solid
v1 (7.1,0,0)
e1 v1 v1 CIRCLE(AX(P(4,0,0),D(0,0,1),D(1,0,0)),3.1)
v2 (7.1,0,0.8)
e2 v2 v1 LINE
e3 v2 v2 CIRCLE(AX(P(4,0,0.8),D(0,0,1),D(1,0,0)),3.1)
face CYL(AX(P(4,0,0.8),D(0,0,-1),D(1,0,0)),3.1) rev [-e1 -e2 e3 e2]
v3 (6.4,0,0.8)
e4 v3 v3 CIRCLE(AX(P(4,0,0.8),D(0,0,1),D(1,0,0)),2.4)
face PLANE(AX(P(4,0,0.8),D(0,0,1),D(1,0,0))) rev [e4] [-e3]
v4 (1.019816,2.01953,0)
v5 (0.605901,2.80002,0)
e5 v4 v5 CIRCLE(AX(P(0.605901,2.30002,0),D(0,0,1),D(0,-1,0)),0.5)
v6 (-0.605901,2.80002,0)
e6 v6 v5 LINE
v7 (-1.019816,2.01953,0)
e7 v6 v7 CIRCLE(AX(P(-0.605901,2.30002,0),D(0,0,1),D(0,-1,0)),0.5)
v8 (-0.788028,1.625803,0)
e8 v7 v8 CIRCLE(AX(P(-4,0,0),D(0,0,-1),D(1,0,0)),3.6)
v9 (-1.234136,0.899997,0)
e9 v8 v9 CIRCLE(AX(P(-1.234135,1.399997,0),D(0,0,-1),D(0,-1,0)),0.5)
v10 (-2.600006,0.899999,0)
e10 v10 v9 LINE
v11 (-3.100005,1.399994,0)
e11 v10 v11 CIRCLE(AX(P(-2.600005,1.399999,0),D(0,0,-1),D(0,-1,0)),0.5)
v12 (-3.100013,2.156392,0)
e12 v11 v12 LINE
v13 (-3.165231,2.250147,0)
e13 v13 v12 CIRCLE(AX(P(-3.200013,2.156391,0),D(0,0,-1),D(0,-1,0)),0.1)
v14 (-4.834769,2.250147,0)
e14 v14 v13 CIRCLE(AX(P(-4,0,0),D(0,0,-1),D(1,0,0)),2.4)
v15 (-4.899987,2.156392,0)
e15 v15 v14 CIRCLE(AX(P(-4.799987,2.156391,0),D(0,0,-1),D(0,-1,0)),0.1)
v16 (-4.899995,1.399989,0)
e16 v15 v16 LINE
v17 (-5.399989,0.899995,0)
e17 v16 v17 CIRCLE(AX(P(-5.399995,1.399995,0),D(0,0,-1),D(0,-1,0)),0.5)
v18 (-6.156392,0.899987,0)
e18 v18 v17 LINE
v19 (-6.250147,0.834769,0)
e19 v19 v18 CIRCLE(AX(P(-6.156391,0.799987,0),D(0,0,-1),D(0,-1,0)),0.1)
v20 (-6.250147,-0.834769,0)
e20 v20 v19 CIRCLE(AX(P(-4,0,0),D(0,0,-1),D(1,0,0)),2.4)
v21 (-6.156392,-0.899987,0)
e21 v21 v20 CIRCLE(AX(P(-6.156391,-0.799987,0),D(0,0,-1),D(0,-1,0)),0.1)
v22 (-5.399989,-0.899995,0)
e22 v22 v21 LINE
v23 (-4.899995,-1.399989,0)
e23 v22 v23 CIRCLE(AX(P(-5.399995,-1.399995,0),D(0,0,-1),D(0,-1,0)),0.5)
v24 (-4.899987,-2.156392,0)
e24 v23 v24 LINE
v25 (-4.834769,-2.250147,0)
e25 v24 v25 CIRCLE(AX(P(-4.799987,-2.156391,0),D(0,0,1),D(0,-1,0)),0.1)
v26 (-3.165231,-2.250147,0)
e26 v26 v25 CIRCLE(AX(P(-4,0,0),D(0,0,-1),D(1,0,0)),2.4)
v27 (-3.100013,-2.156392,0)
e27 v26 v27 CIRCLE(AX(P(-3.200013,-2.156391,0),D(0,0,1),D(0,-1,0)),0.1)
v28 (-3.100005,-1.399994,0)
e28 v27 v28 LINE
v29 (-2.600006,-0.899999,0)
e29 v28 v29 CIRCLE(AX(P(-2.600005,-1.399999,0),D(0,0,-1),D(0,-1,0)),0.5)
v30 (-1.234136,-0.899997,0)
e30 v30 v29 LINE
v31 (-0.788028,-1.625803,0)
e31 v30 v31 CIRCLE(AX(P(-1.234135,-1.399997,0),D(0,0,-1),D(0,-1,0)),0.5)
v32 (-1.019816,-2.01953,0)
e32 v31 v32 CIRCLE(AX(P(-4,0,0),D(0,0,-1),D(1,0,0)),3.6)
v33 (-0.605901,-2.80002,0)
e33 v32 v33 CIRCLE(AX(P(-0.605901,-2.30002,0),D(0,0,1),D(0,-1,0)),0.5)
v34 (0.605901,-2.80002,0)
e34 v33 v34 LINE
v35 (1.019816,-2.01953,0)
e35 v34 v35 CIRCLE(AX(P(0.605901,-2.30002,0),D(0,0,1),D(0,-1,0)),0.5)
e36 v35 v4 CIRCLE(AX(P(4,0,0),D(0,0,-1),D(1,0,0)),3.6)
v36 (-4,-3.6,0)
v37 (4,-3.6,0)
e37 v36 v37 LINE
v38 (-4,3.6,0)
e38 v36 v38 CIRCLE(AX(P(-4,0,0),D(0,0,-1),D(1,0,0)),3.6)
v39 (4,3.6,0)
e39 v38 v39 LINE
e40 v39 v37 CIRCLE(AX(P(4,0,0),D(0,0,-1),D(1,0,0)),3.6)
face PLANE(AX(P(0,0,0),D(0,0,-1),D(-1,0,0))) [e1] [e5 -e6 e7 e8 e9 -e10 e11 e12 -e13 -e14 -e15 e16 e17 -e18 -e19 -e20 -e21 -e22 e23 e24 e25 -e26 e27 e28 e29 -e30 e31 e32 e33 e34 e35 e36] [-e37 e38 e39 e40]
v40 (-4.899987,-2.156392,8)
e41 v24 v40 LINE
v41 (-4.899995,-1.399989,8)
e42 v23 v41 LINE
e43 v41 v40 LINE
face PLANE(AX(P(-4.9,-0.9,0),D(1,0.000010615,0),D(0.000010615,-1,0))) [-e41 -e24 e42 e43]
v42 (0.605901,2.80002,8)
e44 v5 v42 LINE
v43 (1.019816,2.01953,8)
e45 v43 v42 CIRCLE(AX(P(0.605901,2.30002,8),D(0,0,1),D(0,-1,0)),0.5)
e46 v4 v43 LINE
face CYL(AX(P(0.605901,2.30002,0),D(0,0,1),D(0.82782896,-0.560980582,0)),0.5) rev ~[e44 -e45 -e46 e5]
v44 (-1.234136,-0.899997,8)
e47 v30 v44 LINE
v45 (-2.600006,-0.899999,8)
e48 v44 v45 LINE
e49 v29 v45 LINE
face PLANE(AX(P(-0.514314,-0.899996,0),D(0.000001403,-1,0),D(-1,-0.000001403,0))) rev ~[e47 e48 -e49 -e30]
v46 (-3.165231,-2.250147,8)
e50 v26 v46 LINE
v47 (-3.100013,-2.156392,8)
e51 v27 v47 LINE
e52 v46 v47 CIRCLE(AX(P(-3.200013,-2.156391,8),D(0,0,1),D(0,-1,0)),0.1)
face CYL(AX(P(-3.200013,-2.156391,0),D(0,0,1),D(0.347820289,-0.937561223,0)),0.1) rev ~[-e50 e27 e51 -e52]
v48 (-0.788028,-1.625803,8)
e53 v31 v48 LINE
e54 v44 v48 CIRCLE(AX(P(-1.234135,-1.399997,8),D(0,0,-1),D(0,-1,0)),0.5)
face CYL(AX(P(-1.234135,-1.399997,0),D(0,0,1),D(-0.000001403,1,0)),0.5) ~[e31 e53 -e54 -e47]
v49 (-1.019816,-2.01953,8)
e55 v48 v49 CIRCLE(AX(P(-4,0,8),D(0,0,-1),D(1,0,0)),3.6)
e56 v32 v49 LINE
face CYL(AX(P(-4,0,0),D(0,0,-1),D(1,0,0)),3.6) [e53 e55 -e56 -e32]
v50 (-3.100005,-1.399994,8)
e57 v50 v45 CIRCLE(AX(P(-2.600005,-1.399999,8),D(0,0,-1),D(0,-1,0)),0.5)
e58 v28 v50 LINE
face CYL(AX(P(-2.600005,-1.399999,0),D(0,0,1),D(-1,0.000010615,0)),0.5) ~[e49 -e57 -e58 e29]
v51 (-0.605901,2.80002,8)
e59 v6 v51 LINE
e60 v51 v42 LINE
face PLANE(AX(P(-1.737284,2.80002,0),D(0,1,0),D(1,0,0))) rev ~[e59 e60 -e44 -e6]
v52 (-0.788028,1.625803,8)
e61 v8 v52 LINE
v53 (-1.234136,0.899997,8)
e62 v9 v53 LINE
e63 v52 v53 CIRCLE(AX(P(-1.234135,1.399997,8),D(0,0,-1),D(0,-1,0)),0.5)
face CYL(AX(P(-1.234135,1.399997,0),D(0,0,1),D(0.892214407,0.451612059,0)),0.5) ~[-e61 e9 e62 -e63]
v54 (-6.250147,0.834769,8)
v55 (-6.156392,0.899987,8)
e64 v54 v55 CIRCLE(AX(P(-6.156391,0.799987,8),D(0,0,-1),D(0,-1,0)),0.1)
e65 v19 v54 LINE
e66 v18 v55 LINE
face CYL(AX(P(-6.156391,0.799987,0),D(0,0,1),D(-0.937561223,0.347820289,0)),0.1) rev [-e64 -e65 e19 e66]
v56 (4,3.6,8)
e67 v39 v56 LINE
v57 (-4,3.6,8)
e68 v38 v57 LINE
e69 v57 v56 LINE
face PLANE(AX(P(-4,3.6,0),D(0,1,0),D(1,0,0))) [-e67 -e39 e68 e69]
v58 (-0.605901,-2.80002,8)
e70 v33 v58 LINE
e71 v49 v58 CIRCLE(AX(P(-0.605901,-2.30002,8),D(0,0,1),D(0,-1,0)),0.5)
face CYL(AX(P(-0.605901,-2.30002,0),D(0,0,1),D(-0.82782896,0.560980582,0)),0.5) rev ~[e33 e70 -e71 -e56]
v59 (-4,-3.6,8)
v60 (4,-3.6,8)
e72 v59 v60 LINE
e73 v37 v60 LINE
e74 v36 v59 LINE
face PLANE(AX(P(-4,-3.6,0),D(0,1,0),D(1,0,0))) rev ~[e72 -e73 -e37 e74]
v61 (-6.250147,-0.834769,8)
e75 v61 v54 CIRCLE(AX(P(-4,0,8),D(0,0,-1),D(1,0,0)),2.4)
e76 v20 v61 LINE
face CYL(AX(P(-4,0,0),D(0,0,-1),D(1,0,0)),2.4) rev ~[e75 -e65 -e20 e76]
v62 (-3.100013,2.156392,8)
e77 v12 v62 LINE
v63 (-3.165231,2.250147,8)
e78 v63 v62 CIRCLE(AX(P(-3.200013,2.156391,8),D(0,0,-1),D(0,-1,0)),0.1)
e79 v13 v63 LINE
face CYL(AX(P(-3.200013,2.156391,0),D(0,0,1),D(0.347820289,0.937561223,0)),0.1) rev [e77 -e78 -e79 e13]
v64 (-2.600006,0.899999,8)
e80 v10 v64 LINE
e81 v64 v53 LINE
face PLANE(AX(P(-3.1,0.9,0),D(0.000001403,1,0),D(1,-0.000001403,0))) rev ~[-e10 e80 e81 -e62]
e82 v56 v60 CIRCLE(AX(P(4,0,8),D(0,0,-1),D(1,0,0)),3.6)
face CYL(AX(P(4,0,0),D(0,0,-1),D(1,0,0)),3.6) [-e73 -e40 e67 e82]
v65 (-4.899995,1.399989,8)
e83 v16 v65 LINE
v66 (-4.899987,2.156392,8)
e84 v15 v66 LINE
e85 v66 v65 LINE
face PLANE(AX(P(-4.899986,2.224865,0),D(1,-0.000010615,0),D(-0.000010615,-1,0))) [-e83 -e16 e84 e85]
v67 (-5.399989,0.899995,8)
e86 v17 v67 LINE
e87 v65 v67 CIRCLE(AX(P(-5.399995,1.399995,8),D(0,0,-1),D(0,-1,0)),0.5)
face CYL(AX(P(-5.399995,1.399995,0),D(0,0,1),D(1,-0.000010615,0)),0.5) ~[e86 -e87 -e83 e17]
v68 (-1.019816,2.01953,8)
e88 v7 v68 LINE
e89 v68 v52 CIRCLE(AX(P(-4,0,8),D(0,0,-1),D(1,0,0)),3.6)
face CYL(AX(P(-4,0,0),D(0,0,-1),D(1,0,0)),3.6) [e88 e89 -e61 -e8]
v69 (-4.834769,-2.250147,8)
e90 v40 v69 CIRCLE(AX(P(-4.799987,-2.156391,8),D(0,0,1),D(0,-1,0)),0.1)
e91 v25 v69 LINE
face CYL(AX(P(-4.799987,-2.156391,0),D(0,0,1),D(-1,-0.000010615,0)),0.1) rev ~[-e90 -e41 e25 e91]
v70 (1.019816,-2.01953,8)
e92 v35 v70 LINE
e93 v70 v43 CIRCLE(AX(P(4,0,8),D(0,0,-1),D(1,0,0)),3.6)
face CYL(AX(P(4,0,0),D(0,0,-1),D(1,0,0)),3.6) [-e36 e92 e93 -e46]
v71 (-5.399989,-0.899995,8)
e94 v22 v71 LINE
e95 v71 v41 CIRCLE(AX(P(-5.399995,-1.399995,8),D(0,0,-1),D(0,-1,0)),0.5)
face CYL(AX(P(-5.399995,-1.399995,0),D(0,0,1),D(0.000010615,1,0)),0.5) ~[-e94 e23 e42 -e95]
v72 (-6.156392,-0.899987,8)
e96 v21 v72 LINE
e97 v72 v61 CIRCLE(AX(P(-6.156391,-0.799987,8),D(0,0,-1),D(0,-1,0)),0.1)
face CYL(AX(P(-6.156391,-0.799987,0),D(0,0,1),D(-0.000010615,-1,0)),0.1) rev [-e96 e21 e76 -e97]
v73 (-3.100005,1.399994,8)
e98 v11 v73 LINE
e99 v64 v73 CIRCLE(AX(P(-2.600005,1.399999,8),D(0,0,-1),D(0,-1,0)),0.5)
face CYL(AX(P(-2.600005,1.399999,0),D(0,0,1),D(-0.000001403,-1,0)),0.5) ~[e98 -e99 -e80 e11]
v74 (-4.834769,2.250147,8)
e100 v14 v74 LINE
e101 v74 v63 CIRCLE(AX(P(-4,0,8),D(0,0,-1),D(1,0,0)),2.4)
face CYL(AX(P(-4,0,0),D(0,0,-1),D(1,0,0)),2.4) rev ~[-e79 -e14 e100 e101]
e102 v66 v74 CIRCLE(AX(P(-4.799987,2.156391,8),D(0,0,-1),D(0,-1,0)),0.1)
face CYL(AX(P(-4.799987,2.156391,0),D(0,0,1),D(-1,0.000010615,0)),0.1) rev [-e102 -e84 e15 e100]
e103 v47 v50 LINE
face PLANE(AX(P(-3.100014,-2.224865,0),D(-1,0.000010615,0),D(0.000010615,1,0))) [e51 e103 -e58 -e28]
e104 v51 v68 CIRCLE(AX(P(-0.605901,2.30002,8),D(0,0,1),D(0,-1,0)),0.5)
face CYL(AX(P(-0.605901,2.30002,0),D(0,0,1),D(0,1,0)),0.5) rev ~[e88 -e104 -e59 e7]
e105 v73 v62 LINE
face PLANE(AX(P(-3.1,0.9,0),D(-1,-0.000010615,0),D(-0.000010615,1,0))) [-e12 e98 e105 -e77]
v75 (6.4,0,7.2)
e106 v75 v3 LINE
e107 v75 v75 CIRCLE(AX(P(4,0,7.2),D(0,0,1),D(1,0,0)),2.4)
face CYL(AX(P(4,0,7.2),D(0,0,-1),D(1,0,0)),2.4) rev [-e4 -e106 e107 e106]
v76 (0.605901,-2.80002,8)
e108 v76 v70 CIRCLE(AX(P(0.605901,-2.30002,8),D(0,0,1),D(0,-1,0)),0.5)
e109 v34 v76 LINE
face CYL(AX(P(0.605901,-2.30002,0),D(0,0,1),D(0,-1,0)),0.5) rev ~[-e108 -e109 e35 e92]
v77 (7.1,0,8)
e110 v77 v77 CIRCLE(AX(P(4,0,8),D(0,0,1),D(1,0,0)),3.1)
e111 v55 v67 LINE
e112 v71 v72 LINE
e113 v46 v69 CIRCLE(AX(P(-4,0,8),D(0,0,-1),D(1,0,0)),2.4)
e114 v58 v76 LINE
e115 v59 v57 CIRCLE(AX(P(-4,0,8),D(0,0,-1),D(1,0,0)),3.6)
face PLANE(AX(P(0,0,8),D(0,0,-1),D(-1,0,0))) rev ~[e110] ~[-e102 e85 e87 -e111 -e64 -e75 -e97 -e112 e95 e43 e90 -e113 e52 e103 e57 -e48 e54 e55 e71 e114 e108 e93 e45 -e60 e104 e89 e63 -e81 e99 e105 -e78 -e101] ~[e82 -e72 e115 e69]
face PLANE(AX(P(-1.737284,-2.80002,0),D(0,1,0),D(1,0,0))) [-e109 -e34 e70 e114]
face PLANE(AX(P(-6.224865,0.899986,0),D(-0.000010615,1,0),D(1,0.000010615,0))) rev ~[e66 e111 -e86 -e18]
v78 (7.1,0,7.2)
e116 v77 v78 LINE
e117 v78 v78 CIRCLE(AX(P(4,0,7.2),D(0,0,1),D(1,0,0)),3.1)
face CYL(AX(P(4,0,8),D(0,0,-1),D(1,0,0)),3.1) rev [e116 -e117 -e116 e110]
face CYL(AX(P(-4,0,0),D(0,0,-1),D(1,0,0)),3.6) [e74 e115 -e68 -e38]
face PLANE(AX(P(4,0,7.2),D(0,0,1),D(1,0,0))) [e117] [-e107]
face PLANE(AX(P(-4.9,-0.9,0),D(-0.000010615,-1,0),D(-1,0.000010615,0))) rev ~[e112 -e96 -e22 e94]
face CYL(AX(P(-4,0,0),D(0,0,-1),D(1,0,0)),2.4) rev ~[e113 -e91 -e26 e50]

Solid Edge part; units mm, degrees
sketch "Sketch1" plane through (0, 0, 0) normal (0, 0, 1) x (1, 0, 0)
  line L0 (-4, 3.6) -> (4, 3.6)
  line L1 (-4, -3.6) -> (4, -3.6)
  arc A0 (-4, -3.6) -> (-4, 3.6) centre (-4, 0) cw
  arc A1 (4, 3.6) -> (4, -3.6) centre (4, 0) cw
  line L2 (-1.7373, 2.8) -> (1.7373, 2.8)
  arc A2 (1.7373, -2.8) -> (1.7373, 2.8) centre (4, 0) cw
  line L3 (-1.7373, -2.8) -> (1.7373, -2.8)
  arc A3 (-0.5143, -0.9) -> (-1.7373, -2.8) centre (-4, 0) cw
  line L4 (-0.5143, -0.9) -> (-3.1, -0.9)
  line L5 (-3.1, -2.2249) -> (-3.1, -0.9)
  line L6 (-4.9, -0.9) -> (-4.9, -2.2249)
  line L7 (-4.9, -0.9) -> (-6.2249, -0.9)
  arc A4 (-6.2249, -0.9) -> (-6.2249, 0.9) centre (-4, 0) cw
  line L8 (-6.2249, 0.9) -> (-4.9, 0.9)
  line L9 (-4.9, 2.2249) -> (-4.9, 0.9)
  arc A5 (-4.9, 2.2249) -> (-3.1, 2.2249) centre (-4, 0) cw
  line L10 (-3.1, 0.9) -> (-3.1, 2.2249)
  line L11 (-3.1, 0.9) -> (-0.5143, 0.9)
  arc A6 (-1.7373, 2.8) -> (-0.5143, 0.9) centre (-4, 0) cw
  arc A7 (-3.1, -2.2249) -> (-4.9, -2.2249) centre (-4, 0) cw
extrude "Protrusion1" add sketch "Sketch1" along normal blind 8
fillet "Round_1" radius 0.5 10 edges at (-1.7373, 2.8, 4) (-0.5143, 0.9, 4) (1.7373, 2.8, 4) (-0.5143, -0.9, 4) (-1.7373, -2.8, 4) (-4.9, -0.9, 4) (-4.9, 0.9, 4) (-3.1, 0.9, 4) (-3.1, -0.9, 4) (1.7373, -2.8, 4)
fillet "Round_2" radius 0.1 6 edges at (-4.9, 2.2249, 4) (-3.1, 2.2249, 4) (-6.2249, -0.9, 4) (-6.2249, 0.9, 4) (-4.9, -2.2249, 4) (-3.1, -2.2249, 4)
sketch "Sketch2" plane through (0, 0, 0) normal (0, -1, 0) x (1, 0, 0)
  line L0 (7.1, 0) -> (4, 0)
  line L1 (7.1, 0.8) -> (7.1, 0)
  line L2 (6.4, 0.8) -> (7.1, 0.8)
  line L3 (6.4, 7.2) -> (6.4, 0.8)
  line L4 (7.1, 7.2) -> (6.4, 7.2)
  line L5 (7.1, 8) -> (7.1, 7.2)
  line L6 (4, 8) -> (7.1, 8)
revolve "RevolvedCutout1" cut sketch "Sketch2" angle 360 about axis through (4, 0, 0) along (0, 0, 1)
